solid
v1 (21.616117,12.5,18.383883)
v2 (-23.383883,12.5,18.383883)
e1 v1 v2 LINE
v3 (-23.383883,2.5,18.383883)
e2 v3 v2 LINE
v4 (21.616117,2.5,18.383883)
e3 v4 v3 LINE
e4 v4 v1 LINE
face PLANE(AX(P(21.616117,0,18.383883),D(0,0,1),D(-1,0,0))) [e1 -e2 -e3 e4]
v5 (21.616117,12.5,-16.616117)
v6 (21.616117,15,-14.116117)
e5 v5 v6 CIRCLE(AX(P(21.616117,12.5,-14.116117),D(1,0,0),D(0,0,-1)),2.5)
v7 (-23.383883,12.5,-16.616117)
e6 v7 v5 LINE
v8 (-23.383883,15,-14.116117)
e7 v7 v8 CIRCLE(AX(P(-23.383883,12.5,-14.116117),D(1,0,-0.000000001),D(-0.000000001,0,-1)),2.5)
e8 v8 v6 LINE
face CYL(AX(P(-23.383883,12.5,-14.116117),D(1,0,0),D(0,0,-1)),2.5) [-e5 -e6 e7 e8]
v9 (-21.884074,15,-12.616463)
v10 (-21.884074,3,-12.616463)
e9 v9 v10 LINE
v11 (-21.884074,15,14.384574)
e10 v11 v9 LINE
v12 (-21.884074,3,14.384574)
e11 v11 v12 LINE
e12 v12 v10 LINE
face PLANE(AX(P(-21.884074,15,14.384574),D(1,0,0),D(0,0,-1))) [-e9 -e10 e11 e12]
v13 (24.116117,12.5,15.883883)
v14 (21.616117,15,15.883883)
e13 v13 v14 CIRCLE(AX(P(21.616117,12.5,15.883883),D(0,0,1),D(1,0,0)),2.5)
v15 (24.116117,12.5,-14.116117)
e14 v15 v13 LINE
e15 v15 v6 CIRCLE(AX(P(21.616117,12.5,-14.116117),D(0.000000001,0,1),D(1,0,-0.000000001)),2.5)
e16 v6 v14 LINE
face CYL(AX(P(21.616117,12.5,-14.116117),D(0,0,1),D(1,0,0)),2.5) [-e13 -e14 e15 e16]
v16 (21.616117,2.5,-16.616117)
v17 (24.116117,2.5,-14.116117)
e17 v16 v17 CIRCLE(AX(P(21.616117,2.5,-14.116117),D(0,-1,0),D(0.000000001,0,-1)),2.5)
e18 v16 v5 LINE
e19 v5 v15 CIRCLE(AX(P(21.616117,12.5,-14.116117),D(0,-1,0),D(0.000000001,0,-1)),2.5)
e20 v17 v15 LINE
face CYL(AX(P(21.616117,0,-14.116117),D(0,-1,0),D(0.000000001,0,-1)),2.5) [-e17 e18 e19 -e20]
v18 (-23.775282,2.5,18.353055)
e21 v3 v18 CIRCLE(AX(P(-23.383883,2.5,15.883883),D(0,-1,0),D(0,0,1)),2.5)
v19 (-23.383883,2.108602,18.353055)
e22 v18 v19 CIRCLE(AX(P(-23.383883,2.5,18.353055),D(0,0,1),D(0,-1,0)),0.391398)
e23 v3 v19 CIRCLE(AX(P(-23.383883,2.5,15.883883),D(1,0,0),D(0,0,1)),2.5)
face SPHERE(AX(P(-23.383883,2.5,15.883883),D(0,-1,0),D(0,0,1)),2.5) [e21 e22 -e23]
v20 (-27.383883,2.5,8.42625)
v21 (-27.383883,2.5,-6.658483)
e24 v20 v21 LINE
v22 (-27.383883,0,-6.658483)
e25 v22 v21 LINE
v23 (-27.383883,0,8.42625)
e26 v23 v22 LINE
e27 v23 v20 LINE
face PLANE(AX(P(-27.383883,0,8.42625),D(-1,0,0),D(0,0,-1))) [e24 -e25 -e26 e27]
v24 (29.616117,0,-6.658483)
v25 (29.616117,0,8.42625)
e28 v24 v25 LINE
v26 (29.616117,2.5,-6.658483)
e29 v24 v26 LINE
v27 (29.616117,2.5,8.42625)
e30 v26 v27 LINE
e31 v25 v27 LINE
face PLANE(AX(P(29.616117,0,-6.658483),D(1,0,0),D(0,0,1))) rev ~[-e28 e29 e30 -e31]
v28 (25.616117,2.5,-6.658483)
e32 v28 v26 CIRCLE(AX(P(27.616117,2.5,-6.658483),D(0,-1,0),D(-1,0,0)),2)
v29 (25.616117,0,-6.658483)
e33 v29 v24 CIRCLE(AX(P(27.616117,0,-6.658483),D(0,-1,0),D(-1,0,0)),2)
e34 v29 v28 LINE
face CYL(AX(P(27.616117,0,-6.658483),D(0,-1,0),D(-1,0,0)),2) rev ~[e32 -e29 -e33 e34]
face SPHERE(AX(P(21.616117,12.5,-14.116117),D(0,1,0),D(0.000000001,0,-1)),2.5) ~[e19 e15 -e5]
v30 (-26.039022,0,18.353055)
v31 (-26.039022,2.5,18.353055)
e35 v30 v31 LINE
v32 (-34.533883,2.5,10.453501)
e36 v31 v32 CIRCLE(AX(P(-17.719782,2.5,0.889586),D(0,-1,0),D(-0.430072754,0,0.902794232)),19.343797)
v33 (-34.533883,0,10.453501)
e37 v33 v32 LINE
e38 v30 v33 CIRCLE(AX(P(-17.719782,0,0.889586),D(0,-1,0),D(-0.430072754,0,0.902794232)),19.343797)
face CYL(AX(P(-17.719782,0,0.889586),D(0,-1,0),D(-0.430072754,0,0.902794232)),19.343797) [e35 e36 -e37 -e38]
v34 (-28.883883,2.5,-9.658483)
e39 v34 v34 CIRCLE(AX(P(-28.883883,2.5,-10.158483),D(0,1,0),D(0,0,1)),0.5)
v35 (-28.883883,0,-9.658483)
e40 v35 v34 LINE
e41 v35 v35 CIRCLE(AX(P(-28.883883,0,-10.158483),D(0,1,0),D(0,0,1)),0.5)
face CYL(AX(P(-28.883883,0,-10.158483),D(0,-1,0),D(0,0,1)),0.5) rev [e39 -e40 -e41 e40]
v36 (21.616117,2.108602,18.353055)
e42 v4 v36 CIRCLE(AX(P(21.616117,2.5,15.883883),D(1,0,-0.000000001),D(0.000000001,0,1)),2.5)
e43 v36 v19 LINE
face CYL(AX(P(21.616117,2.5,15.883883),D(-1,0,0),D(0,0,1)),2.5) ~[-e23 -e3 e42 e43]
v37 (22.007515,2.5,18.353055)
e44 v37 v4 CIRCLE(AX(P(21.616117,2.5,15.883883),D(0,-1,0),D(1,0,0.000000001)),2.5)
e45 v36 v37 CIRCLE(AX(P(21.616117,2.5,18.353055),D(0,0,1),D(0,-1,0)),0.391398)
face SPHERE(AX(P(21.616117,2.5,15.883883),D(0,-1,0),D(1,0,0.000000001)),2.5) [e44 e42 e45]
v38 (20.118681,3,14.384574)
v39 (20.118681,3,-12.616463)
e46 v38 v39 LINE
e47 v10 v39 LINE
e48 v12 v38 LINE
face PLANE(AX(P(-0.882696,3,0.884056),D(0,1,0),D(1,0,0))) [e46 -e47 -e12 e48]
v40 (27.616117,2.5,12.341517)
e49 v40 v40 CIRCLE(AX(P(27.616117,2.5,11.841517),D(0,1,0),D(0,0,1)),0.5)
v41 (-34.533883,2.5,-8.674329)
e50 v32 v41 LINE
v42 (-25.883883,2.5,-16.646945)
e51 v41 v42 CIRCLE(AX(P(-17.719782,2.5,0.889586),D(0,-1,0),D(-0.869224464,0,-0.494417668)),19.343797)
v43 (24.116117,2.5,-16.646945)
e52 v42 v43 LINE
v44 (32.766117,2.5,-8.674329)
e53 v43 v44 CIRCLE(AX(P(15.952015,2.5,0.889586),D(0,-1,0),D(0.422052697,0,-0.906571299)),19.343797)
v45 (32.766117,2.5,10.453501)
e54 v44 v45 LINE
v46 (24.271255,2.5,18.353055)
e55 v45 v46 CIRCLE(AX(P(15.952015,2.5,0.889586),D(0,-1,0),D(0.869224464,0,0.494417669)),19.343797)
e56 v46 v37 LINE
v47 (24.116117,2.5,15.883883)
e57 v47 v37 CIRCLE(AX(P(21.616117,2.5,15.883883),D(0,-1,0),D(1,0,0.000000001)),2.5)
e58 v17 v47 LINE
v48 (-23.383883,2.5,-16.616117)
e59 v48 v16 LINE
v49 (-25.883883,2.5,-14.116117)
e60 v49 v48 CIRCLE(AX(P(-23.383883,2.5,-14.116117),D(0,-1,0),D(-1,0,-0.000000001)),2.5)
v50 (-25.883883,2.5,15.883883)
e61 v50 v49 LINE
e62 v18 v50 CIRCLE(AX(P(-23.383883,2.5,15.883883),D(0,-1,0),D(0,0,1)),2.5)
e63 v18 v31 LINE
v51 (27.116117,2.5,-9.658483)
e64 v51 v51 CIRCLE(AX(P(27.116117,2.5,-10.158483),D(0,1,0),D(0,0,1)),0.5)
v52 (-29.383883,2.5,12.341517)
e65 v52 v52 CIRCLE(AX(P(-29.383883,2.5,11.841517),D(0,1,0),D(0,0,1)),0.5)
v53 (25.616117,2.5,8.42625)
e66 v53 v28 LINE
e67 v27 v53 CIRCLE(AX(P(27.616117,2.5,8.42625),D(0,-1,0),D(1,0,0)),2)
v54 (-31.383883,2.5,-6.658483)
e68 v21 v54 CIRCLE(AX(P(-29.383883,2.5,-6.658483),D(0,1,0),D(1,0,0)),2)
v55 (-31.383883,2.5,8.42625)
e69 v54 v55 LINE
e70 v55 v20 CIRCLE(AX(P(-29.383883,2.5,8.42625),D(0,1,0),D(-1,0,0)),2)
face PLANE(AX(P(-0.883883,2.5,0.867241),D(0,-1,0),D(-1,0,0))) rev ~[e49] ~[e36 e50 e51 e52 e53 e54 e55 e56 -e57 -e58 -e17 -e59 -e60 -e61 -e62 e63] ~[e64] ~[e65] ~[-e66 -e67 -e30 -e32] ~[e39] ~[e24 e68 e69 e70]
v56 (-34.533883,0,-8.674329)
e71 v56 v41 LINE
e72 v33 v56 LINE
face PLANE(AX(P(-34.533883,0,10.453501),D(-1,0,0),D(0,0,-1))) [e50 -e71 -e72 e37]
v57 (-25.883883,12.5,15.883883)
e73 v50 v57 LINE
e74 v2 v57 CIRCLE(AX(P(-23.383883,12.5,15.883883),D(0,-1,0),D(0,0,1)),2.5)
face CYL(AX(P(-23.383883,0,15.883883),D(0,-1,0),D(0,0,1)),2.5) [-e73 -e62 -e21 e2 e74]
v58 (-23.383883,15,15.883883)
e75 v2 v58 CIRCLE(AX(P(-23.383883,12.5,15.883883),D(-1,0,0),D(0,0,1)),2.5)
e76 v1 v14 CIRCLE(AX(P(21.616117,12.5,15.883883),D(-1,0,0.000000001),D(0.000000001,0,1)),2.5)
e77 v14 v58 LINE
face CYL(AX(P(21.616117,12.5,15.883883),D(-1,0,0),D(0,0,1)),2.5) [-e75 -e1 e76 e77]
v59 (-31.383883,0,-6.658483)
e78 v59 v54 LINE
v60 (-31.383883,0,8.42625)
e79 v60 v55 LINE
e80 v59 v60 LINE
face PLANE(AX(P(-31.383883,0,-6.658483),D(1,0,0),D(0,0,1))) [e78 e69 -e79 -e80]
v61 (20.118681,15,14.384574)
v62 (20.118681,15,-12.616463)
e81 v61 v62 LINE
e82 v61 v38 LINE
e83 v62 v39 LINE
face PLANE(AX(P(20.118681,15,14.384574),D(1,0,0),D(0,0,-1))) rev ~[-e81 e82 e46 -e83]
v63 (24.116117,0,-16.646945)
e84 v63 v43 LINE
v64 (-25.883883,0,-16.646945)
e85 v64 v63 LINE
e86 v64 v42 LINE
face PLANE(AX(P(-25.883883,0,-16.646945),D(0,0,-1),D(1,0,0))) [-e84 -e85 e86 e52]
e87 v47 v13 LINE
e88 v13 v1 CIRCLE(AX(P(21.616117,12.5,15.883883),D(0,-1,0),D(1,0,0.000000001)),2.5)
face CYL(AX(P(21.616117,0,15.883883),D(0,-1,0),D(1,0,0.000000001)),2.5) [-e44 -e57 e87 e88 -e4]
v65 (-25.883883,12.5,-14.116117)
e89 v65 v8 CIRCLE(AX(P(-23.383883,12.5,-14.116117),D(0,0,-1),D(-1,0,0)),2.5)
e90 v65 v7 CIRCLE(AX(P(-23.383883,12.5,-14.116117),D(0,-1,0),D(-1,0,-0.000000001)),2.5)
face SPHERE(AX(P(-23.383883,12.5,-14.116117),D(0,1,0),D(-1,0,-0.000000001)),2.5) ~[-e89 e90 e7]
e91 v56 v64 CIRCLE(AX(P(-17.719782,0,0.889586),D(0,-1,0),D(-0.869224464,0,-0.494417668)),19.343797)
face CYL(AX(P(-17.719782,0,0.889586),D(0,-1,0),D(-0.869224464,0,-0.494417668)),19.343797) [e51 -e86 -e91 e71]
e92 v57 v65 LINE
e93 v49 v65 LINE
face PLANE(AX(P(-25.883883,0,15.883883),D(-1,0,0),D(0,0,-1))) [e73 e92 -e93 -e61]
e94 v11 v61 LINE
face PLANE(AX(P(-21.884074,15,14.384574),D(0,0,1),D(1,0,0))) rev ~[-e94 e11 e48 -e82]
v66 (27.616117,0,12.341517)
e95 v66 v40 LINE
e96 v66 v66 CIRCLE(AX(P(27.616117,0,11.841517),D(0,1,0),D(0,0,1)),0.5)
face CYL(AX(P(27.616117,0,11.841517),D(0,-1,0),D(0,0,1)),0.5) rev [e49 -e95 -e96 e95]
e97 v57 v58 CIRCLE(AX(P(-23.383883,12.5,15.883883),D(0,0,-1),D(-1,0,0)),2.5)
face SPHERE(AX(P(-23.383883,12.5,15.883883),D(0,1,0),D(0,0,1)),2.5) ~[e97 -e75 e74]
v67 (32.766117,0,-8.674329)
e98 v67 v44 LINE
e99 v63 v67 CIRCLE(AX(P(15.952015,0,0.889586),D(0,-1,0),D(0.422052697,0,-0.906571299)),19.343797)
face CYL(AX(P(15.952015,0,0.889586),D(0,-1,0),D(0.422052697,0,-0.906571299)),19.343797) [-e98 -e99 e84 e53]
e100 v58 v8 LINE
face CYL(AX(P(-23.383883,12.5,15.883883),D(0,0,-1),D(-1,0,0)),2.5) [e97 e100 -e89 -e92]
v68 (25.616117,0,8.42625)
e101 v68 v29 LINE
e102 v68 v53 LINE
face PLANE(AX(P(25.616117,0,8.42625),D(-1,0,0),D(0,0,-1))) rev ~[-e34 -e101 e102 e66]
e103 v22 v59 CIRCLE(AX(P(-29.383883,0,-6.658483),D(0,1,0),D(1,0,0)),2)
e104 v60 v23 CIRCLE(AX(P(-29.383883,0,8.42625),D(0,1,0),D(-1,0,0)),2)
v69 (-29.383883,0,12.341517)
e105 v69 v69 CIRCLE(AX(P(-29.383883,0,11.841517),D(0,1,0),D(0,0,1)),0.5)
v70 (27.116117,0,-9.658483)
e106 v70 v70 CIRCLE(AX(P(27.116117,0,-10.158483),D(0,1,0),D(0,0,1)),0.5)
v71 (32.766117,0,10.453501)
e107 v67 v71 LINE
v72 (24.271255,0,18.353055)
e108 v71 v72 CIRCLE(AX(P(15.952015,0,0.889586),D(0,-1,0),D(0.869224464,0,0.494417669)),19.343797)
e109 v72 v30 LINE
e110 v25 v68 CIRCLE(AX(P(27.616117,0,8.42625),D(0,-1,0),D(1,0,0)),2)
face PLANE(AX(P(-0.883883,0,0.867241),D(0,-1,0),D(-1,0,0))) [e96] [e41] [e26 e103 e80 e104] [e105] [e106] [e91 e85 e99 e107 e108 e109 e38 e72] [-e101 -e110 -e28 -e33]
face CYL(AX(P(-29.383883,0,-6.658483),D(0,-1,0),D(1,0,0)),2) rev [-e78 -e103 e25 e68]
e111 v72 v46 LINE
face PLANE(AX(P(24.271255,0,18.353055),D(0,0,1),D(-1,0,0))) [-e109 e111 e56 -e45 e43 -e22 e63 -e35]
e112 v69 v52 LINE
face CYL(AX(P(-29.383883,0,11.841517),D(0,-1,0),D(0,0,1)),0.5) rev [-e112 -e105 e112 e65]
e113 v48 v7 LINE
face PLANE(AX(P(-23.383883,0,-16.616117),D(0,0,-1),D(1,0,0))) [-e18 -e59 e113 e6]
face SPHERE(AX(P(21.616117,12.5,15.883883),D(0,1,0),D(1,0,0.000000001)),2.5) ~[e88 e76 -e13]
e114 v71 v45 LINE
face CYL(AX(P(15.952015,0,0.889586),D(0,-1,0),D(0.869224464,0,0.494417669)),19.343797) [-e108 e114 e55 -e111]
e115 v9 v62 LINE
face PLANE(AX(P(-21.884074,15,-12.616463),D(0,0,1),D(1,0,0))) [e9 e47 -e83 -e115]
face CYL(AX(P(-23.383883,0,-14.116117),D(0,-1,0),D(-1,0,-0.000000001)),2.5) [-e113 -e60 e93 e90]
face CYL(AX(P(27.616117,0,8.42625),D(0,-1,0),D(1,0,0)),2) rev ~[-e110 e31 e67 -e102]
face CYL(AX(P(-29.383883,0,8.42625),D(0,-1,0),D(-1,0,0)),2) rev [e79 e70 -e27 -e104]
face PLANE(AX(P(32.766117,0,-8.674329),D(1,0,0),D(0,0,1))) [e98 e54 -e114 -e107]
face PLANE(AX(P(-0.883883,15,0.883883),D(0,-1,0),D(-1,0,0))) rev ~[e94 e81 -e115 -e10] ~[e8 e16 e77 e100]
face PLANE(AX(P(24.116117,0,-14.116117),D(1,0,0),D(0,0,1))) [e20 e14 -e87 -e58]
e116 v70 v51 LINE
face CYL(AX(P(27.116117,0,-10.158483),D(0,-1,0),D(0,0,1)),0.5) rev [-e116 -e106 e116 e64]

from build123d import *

# Parameters (mm, degrees)
BOSS_EXTRUDE2_DEPTH = 15
FILLET2_R           = 2.5
SKETCH3_R           = 0.5
BOSS_EXTRUDE4_DEPTH = 2.5
SKETCH4_W           = 42.002754972
SKETCH4_H           = 27.001036704
CUT_EXTRUDE1_DEPTH  = 12


with BuildPart() as part:
    # Sketch1 → Boss-Extrude2 (new body)
    with BuildSketch(Plane(origin=(0, 0, 0), x_dir=(1, 0, 0), z_dir=(0, 1, 0))):
        with BuildLine():
            Line((-23.383883476, 16.616116524), (21.616116524, 16.616116524))
            ThreePointArc((21.616116524, 16.616116524), (23.383883476, 15.883883476), (24.116116524, 14.116116524))
            Line((24.116116524, 14.116116524), (24.116116524, -15.883883476))
            ThreePointArc((24.116116524, -15.883883476), (23.383883476, -17.651650429), (21.616116524, -18.383883476))
            Line((21.616116524, -18.383883476), (-23.383883476, -18.383883476))
            ThreePointArc((-23.383883476, -18.383883476), (-25.151650429, -17.651650429), (-25.883883476, -15.883883476))
            Line((-25.883883476, -15.883883476), (-25.883883476, 14.116116524))
            ThreePointArc((-25.883883476, 14.116116524), (-25.151650429, 15.883883476), (-23.383883476, 16.616116524))
        make_face()
    extrude(amount=BOSS_EXTRUDE2_DEPTH)

    # Fillet2
    fillet2_edges = [part.edges().sort_by_distance(p)[0] for p in [
        (-25.151650429, 15, 17.651650429),
        (-25.883883476, 0, 0.883883476),
        (-25.151650429, 0, -15.883883476),
        (-0.883883476, 15, 18.383883476),
        (23.383883476, 15, 17.651650429),
        (24.116116524, 15, 0.883883476),
        (23.383883476, 15, -15.883883476),
        (-0.883883476, 15, -16.616116524),
        (-25.151650429, 15, -15.883883476),
        (-25.883883476, 15, 0.883883476),
        (-0.883883476, 0, -16.616116524),
        (23.383883476, 0, -15.883883476),
        (24.116116524, 0, 0.883883476),
        (23.383883476, 0, 17.651650429),
        (-0.883883476, 0, 18.383883476),
        (-25.151650429, 0, 17.651650429),
    ]]
    fillet(fillet2_edges, radius=FILLET2_R)

    # Sketch3 → Boss-Extrude4 (add)
    with BuildSketch(Plane(origin=(0, 0, 0), x_dir=(1, 0, 0), z_dir=(0, 1, 0))):
        with BuildLine():
            Line((-25.883883476, 16.646945133), (24.116116524, 16.646945133))
            ThreePointArc((24.116116524, 16.646945133), (29.061870418, 13.334132498), (32.766116524, 8.674328862))
            Line((32.766116524, 8.674328862), (32.766116524, -10.453501419))
            ThreePointArc((32.766116524, -10.453501419), (29.124788001, -15.055056138), (24.271254893, -18.353054867))
            Line((24.271254893, -18.353054867), (-26.039021846, -18.353054867))
            ThreePointArc((-26.039021846, -18.353054867), (-30.892554954, -15.055056138), (-34.533883476, -10.453501419))
            Line((-34.533883476, -10.453501419), (-34.533883476, 8.674328862))
            ThreePointArc((-34.533883476, 8.674328862), (-30.829637371, 13.334132498), (-25.883883476, 16.646945133))
        make_face()
        with Locations(Location((-28.883883476, 10.158483361, 0), (0, 0, 270))):
            Circle(SKETCH3_R, mode=Mode.SUBTRACT)
        with Locations(Location((-29.383883476, -11.841516639, 0), (0, 0, 270))):
            Circle(SKETCH3_R, mode=Mode.SUBTRACT)
        with Locations(Location((27.616116524, -11.841516639, 0), (0, 0, 270))):
            Circle(SKETCH3_R, mode=Mode.SUBTRACT)
        with Locations(Location((27.116116524, 10.158483361, 0), (0, 0, 270))):
            Circle(SKETCH3_R, mode=Mode.SUBTRACT)
        with BuildLine():
            Line((29.616116524, 6.658483361), (29.616116524, -8.426250314))
            ThreePointArc((29.616116524, -8.426250314), (27.616116524, -10.426250314), (25.616116524, -8.426250314))
            Line((25.616116524, -8.426250314), (25.616116524, 6.658483361))
            ThreePointArc((25.616116524, 6.658483361), (27.616116524, 8.658483361), (29.616116524, 6.658483361))
        make_face(mode=Mode.SUBTRACT)
        with BuildLine():
            Line((-31.383883476, 6.658483361), (-31.383883476, -8.426250314))
            ThreePointArc((-31.383883476, -8.426250314), (-29.383883476, -10.426250314), (-27.383883476, -8.426250314))
            Line((-27.383883476, -8.426250314), (-27.383883476, 6.658483361))
            ThreePointArc((-27.383883476, 6.658483361), (-29.383883476, 8.658483361), (-31.383883476, 6.658483361))
        make_face(mode=Mode.SUBTRACT)
    extrude(amount=BOSS_EXTRUDE4_DEPTH)

    # Sketch4 → Cut-Extrude1 (cut)
    with BuildSketch(Plane(origin=(0, 15, 0), x_dir=(1, 0, 0), z_dir=(0, 1, 0))):
        with Locations((-0.88269634, -0.884055652)):
            Rectangle(SKETCH4_W, SKETCH4_H)
    extrude(amount=-CUT_EXTRUDE1_DEPTH, mode=Mode.SUBTRACT)


solid = part.part
